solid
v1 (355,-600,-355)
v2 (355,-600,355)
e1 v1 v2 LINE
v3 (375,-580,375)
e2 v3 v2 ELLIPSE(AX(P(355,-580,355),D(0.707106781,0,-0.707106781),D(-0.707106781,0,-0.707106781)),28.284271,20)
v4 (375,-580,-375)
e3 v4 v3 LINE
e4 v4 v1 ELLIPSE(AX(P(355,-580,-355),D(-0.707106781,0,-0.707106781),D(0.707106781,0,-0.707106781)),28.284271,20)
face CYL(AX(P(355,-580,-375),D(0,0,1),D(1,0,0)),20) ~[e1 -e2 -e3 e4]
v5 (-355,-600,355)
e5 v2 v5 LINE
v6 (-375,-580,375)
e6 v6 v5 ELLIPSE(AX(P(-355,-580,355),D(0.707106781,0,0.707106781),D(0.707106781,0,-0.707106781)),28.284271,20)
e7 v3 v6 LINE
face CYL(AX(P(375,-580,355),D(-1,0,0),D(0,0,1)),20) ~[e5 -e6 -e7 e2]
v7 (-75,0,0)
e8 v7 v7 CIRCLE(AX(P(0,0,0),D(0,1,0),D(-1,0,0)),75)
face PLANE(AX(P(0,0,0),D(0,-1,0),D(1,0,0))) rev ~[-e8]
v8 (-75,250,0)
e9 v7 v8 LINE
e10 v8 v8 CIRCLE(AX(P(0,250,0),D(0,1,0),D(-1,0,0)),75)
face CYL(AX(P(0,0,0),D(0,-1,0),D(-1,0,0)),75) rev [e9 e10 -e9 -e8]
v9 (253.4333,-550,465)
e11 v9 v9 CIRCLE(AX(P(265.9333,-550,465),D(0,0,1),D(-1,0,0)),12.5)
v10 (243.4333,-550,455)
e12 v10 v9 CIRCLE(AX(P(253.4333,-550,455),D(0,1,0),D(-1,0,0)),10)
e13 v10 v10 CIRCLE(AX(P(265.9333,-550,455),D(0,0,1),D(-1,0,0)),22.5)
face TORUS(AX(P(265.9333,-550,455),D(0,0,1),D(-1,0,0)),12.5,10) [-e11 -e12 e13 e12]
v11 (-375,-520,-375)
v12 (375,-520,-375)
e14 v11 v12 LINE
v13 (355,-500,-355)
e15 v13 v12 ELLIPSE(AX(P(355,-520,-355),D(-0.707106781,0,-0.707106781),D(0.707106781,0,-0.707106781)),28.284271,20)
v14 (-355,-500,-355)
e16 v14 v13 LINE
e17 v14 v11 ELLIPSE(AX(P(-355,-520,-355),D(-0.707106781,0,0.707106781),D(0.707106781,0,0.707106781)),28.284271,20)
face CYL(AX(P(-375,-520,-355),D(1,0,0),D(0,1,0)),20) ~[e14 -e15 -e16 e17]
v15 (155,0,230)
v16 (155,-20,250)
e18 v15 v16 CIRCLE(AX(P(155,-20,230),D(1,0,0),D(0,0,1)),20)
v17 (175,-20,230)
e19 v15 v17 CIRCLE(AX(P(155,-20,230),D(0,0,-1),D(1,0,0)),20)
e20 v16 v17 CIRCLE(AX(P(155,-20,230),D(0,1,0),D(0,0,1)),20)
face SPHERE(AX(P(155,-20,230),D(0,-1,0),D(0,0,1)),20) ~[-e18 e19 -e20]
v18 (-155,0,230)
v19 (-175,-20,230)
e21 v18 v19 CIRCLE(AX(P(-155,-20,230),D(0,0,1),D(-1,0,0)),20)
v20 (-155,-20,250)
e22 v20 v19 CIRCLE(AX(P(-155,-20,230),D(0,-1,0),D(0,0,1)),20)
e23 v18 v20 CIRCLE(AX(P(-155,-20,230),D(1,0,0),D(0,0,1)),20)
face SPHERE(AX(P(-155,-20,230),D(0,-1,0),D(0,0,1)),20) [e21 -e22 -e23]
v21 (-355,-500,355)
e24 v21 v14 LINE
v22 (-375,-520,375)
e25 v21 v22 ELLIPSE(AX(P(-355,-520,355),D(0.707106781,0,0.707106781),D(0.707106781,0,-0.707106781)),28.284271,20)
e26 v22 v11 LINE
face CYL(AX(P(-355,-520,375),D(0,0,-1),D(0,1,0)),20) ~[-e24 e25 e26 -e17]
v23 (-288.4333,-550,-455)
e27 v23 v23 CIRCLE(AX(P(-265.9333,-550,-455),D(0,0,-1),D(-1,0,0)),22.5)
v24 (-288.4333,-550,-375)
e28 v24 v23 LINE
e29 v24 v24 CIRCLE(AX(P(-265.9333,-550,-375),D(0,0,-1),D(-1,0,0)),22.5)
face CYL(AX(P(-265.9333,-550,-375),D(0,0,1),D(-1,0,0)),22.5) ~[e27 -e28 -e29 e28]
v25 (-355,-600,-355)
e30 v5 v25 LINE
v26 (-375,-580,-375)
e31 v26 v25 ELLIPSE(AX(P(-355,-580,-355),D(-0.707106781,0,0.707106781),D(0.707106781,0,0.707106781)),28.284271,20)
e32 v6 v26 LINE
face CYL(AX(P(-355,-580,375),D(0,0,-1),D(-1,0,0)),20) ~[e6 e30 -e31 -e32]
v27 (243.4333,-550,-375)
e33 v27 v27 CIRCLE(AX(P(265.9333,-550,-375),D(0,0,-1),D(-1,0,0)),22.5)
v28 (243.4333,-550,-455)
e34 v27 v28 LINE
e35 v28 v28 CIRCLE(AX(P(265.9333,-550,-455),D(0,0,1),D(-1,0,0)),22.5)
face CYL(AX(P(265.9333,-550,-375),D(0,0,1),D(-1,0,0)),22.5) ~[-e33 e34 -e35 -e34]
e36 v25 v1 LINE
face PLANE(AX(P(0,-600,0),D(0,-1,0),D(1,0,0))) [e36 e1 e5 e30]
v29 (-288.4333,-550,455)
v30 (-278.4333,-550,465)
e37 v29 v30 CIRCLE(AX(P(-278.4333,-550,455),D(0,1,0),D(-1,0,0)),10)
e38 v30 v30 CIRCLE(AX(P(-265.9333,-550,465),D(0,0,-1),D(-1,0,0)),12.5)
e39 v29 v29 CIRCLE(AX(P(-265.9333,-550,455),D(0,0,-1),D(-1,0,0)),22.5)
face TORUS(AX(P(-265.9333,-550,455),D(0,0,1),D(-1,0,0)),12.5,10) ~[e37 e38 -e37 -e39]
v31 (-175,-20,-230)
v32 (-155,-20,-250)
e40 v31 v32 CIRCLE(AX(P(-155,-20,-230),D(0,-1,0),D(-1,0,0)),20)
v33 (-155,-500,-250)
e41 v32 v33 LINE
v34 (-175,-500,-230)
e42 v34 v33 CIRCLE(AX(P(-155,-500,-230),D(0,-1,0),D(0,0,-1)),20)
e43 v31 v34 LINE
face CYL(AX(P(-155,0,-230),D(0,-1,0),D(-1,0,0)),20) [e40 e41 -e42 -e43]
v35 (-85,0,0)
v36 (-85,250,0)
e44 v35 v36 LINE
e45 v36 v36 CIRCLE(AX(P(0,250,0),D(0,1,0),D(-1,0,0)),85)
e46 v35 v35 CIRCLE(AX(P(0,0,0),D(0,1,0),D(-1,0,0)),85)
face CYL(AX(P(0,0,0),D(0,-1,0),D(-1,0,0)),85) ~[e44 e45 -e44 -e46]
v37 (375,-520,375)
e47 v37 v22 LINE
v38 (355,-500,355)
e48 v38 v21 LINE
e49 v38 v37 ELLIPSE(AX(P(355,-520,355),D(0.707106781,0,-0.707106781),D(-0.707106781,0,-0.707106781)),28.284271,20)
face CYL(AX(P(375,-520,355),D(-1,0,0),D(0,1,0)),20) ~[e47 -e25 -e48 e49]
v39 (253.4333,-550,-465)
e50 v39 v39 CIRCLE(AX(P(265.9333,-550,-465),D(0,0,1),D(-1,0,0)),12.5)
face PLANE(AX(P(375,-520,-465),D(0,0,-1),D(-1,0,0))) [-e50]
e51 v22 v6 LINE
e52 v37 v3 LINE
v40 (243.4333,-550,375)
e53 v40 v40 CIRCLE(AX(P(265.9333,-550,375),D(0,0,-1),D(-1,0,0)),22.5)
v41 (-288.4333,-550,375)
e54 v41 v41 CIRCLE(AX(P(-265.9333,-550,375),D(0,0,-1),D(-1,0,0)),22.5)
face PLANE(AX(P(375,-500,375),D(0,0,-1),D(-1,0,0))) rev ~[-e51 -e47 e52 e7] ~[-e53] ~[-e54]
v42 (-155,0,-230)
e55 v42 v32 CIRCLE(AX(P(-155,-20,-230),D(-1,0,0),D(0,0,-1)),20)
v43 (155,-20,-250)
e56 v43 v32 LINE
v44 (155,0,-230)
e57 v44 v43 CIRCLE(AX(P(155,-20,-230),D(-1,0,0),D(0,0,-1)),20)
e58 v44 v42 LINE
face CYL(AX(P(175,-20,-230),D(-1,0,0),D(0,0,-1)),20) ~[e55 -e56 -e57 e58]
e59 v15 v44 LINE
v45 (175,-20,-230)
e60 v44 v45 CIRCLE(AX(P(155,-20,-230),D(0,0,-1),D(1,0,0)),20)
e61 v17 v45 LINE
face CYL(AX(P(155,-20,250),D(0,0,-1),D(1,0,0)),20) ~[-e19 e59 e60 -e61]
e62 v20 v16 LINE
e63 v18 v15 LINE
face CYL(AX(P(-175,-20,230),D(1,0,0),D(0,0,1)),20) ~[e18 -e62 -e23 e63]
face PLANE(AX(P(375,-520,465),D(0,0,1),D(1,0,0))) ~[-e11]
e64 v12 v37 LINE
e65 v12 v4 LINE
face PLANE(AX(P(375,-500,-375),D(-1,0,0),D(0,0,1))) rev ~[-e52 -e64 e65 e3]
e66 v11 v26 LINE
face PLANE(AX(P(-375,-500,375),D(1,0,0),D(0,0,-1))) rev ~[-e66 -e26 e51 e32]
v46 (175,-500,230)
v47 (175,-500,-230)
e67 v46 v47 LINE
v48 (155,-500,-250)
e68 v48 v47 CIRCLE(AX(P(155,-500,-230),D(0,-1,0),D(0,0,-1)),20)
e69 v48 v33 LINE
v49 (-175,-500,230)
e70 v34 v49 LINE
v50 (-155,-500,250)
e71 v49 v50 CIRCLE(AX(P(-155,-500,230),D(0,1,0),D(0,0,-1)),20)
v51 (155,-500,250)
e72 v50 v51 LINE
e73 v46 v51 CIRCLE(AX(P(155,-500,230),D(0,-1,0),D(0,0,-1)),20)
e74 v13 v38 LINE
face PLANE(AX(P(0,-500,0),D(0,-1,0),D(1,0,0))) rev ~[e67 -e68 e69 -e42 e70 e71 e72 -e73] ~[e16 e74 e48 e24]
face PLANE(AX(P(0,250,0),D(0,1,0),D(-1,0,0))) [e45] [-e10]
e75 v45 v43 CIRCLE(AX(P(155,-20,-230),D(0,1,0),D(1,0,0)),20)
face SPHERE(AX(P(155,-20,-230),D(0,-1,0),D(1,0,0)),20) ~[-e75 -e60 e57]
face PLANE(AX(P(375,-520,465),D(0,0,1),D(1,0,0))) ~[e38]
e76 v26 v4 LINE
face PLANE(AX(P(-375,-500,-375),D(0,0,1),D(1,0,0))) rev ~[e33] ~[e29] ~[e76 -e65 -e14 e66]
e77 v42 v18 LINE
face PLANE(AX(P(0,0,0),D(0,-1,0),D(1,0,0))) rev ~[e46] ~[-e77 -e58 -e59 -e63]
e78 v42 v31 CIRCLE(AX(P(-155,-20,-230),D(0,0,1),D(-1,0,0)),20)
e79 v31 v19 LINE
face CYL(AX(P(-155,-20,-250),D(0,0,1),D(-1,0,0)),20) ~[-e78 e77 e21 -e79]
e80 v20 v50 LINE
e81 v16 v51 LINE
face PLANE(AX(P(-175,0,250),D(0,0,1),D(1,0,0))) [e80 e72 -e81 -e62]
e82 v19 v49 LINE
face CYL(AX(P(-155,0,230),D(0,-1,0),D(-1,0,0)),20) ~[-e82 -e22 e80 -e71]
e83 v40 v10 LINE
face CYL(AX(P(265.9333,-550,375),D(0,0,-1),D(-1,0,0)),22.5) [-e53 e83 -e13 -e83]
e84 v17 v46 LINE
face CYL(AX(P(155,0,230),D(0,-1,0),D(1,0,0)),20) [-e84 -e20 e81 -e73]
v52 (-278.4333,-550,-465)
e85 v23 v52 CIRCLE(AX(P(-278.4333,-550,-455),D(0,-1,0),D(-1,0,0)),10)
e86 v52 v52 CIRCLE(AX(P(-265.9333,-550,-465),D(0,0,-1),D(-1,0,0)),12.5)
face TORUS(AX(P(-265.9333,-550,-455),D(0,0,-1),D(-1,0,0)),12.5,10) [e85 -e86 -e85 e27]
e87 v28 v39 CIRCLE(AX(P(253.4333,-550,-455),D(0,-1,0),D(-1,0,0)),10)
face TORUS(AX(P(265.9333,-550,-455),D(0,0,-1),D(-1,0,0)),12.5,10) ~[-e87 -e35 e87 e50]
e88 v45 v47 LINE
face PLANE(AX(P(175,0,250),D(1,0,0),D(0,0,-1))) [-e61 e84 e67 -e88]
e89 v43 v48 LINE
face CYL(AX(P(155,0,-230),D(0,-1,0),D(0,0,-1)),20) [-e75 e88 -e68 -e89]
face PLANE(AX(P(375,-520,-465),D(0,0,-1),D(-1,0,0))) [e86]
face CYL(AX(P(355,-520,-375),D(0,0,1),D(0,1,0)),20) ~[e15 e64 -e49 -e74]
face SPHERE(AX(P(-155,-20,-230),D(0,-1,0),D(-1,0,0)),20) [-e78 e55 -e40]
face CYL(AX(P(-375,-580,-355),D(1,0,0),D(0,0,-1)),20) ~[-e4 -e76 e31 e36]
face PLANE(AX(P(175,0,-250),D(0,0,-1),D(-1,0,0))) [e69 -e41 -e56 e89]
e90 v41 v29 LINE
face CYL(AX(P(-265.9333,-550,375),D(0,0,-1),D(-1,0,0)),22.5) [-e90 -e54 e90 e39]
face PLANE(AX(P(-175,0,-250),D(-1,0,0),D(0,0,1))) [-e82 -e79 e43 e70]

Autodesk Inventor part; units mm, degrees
ref_plane "YZ Plane" through (0, 0, 0) normal (1, 0, 0) x (0, 1, 0)
ref_plane "XZ Plane" through (0, 0, 0) normal (0, 1, 0) x (-1, 0, 0)
ref_plane "XY Plane" through (0, 0, 0) normal (0, 0, 1) x (1, 0, 0)
sketch "Sketch1" plane through (0, 0, 0) normal (0, 1, 0) x (-1, 0, 0)
  circle A0 centre (0, 0) radius 75
  circle A1 centre (0, 0) radius 85
  dimension "d1" = 150
  dimension "d2" = 170
extrude "Extrusion1" add sketch "Sketch1" along normal blind 250
sketch "Sketch2" plane through (0, 0, 0) normal (0, -1, 0) x (1, 0, 0)
  line L0 (-175, 250) -> (175, 250)
  line L1 (175, 250) -> (175, -250)
  line L2 (175, -250) -> (-175, -250)
  line L3 (-175, -250) -> (-175, 250)
  line L4 (-175, 250) -> (175, -250) construction
  line L5 (175, 250) -> (-175, -250) construction
  point P0 (0, 0)
  dimension "d5" = 500
  dimension "d6" = 350
extrude "Extrusion2" add sketch "Sketch2" along normal blind 500
sketch "Sketch3" plane through (0, -500, 0) normal (0, -1, 0) x (1, 0, 0)
  line L0 (-375, -375) -> (375, -375)
  line L1 (375, -375) -> (375, 375)
  line L2 (375, 375) -> (-375, 375)
  line L3 (-375, 375) -> (-375, -375)
  line L4 (-375, -375) -> (375, 375) construction
  line L5 (375, -375) -> (-375, 375) construction
  point P0 (0, 0)
  dimension "d9" = 750
  dimension "d10" = 750
extrude "Extrusion3" add sketch "Sketch3" along normal blind 100
fillet "Fillet2" radius 20 8 edges at (-175, -250, -250) (175, -250, -250) (-175, -250, 250) (175, -250, 250) (0, 0, 250) (175, 0, 0) (-175, 0, 0) (0, 0, -250)
fillet "Fillet3" radius 20 8 edges at (0, -600, -375) (0, -500, -375) (-375, -500, 0) (-375, -600, 0) (0, -600, 375) (0, -500, 375) (375, -500, 0) (375, -600, 0)
sketch "Sketch7" plane through (375, -520, -375) normal (0, 0, -1) x (-1, 0, 0)
  line L0 (750, 0) -> (0, 0) projected
  arc A0 (0, -60) -> (20, -80) centre (20, -60) ccw projected
  line L1 (0, 0) -> (0, -60)
  line L2 (109.0667, 0) -> (109.0667, -60)
  line L3 (1, -60) -> (749, -60) projected
  circle A1 centre (109.0667, -30) radius 22.5
  line L4 (375, 0) -> (375, -60)
  circle A2 centre (640.9333, -30) radius 22.5
  point P0 (375, 520)
  dimension "d27" = 45
extrude "Extrusion7" add sketch "Sketch7" along normal blind 90 contours A1 L2 | L2 A1 | A2
mirror "Mirror4" about plane through (0, 0, 0) normal (0, 0, 1) of "Extrusion7"
fillet "Fillet4" radius 10 4 edges at (-243.4333, -550, 465) (288.4333, -550, 465) (288.4333, -550, -465) (-243.4333, -550, -465)
properties part number "Base Prime" material "Aluminum 6061"
